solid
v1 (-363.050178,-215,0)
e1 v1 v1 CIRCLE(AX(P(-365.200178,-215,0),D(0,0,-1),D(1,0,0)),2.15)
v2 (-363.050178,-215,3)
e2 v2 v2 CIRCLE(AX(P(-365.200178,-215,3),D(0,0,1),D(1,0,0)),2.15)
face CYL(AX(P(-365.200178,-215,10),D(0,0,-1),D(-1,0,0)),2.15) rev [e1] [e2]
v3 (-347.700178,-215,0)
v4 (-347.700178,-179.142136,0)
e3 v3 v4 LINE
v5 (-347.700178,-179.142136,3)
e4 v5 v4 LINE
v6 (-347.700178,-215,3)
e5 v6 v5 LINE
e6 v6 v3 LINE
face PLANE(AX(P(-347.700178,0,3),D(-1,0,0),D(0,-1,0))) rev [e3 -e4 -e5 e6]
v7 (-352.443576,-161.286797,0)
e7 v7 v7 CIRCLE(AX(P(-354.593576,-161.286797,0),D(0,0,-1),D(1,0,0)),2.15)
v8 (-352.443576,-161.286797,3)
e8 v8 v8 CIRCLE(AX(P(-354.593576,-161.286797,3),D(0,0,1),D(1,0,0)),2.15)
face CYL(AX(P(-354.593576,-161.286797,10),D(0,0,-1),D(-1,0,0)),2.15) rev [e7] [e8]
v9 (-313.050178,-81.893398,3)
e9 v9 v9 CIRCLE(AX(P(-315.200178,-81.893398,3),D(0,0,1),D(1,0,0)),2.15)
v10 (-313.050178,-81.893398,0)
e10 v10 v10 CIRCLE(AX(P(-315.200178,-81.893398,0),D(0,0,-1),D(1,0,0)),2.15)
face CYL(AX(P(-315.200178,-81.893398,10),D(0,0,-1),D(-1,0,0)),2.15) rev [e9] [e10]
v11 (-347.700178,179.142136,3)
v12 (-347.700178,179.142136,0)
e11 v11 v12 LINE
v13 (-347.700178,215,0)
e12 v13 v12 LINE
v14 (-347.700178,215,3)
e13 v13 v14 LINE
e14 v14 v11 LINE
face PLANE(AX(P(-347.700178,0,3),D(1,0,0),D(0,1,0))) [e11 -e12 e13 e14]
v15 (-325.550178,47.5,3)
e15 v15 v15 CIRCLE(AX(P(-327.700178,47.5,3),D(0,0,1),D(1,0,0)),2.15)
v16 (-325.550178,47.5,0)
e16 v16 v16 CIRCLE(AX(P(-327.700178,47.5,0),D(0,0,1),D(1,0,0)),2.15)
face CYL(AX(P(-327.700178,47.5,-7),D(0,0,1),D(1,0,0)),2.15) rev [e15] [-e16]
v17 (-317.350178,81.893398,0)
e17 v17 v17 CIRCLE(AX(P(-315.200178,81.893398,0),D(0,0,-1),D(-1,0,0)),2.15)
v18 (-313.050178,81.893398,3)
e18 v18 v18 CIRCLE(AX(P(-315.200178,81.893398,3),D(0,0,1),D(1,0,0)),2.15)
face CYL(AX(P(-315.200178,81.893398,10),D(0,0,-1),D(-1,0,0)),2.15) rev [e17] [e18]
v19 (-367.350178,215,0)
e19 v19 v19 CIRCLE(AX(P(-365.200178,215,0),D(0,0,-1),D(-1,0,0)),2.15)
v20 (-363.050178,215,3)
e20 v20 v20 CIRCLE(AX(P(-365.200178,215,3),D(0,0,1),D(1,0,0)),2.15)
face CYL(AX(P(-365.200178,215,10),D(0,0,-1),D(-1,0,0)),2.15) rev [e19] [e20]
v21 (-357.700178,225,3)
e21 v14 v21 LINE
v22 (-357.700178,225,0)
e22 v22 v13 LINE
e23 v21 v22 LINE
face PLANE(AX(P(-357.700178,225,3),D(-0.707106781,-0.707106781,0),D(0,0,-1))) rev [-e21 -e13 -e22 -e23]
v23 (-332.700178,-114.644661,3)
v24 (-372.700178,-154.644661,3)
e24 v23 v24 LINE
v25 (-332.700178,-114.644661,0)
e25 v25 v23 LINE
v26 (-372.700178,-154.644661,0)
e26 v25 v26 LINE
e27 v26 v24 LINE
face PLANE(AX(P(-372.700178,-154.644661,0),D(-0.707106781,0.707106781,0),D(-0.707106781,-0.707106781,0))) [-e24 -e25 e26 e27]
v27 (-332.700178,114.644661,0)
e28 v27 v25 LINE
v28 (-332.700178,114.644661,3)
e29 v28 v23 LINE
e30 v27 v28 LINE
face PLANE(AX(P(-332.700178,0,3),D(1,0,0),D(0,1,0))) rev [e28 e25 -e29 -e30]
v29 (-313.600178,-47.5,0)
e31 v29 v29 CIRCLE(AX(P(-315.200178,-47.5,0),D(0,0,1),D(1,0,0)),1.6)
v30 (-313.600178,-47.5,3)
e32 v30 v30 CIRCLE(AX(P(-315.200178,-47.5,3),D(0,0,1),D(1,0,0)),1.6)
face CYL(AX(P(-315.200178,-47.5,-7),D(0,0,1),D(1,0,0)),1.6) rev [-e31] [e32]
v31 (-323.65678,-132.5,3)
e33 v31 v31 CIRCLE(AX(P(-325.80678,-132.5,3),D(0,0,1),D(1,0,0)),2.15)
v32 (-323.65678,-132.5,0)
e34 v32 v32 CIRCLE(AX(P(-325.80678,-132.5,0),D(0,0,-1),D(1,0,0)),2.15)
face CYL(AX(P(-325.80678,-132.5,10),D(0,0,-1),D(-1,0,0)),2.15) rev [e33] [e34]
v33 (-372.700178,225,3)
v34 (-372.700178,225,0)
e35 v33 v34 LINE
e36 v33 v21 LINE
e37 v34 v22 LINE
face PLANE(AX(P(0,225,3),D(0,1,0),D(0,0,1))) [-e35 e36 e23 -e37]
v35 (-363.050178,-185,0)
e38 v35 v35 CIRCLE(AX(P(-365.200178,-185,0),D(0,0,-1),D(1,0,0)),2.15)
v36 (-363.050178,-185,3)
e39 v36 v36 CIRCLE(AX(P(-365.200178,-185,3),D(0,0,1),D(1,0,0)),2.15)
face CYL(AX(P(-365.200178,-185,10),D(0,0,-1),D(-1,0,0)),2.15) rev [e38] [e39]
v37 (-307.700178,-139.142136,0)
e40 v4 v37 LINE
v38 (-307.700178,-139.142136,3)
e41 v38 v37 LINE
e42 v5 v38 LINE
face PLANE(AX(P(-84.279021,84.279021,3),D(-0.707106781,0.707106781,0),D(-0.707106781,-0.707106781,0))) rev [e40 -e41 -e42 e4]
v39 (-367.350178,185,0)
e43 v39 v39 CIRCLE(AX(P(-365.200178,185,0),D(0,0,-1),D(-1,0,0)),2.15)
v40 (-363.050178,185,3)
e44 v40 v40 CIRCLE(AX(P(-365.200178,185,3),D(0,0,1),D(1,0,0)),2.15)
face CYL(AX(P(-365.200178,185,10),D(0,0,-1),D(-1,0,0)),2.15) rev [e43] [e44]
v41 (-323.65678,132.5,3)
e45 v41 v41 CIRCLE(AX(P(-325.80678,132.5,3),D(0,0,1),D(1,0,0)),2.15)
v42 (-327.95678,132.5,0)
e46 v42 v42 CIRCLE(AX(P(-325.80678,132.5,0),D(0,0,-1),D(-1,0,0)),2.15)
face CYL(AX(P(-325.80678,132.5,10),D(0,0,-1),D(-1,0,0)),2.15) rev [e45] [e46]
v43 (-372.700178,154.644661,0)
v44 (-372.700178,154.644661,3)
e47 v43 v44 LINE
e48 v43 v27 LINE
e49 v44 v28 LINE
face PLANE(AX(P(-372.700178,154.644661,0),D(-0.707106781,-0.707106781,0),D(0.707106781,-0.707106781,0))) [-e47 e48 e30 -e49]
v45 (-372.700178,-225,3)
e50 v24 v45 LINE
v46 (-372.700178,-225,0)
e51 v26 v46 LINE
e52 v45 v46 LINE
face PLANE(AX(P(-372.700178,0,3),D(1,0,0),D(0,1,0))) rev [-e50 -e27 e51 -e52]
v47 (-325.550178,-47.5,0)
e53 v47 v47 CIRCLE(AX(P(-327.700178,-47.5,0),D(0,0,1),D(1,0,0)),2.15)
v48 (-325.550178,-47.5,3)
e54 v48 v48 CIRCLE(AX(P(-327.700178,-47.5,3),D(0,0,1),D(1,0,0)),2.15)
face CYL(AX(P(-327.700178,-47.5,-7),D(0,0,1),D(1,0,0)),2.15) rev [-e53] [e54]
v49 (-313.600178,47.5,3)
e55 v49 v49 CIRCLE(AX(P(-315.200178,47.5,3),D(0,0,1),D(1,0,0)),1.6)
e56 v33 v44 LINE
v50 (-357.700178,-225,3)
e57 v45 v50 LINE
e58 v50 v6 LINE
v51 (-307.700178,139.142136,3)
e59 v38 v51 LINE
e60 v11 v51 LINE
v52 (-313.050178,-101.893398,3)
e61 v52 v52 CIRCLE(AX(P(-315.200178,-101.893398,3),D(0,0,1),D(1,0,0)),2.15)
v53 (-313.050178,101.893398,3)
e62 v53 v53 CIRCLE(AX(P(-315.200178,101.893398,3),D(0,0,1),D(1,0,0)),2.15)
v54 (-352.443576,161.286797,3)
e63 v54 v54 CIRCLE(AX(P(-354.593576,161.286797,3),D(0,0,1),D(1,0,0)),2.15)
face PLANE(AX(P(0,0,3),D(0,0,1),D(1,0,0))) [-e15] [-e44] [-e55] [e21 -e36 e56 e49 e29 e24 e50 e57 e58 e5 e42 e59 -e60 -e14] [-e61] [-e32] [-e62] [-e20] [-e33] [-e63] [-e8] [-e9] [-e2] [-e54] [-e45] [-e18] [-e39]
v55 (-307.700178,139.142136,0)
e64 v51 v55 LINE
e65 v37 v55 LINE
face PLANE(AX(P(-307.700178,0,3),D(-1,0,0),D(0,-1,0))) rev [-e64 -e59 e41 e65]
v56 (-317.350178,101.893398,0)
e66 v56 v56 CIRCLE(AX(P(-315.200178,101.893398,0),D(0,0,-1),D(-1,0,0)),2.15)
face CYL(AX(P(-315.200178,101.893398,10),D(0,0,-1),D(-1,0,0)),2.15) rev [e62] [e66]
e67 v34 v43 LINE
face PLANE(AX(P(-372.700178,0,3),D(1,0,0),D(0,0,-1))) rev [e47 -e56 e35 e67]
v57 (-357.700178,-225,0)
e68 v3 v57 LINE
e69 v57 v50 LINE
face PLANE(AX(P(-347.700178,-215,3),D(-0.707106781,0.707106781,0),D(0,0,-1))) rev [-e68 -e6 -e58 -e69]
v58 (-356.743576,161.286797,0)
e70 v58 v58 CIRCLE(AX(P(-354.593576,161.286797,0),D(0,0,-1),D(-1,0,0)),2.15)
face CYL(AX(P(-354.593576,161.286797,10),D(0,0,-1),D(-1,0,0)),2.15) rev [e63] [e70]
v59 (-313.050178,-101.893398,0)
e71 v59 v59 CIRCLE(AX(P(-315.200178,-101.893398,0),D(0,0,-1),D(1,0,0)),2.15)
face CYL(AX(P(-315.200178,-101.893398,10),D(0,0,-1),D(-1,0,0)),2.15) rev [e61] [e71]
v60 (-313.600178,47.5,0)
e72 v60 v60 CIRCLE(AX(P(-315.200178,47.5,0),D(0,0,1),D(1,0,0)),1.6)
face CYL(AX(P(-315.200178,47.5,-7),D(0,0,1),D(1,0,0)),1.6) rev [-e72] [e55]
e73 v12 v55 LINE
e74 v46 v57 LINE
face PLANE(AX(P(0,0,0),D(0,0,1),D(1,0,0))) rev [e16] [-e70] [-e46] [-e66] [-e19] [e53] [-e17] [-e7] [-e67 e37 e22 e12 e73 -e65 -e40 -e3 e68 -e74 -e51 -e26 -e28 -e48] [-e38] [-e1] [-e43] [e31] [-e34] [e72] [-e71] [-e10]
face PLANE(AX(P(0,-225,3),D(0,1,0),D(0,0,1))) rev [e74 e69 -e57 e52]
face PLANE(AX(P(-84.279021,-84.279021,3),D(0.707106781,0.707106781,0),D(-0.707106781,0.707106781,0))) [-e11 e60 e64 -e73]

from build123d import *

# Parameters (mm, degrees)
BOSS_EXTRUDE1_DEPTH = 3
BOSS_EXTRUDE2_DEPTH = 3
CHAMFER1_SIZE       = 10
SKETCH3_R           = 2.15
SKETCH3_R_2         = 1.6
CUT_EXTRUDE1_DEPTH  = 10
SKETCH4_R           = 2.15
CUT_EXTRUDE2_DEPTH  = 10


with BuildPart() as part:
    # Sketch1 → Boss-Extrude1 (new body)
    with BuildSketch(Plane.XY):
        Polygon((-372.700177837, -225), (-357.700177837, -225), (-347.700177837, -225), (-347.700177837, -179.142135624), (-307.700177837, -139.142135624), (-307.700177837, -125), (-307.700177837, 125), (-307.700177837, 139.142135624), (-347.700177837, 179.142135624), (-347.700177837, 225), (-357.700177837, 225), (-372.700177837, 225), (-372.700177837, 168.786796564), (-332.700177837, 128.786796564), (-332.700177837, -128.786796564), (-372.700177837, -168.786796564), align=None)
    extrude(amount=BOSS_EXTRUDE1_DEPTH)

    # Sketch2 → Boss-Extrude2 (add)
    with BuildSketch(Plane.XY.offset(3)):
        Polygon((-372.700177837, 168.786796564), (-372.700177837, 154.644660941), (-332.700177837, 114.644660941), (-332.700177837, 128.786796564), align=None)
        Polygon((-372.700177837, -168.786796564), (-372.700177837, -154.644660941), (-332.700177837, -114.644660941), (-332.700177837, -128.786796564), align=None)
    extrude(amount=-BOSS_EXTRUDE2_DEPTH)

    # Chamfer1
    chamfer1_edges = [part.edges().sort_by_distance(p)[0] for p in [
        (-347.700177837, 225, 1.5),
        (-347.700177837, -225, 1.5),
    ]]
    chamfer(chamfer1_edges, length=CHAMFER1_SIZE)

    # Sketch3 → Cut-Extrude1 (cut)
    with BuildSketch(Plane.XY.offset(3)):
        with Locations((-327.700177837, 47.5)):
            Circle(SKETCH3_R)
        with Locations((-315.200177837, 47.5)):
            Circle(SKETCH3_R_2)
        with Locations((-327.700177837, -47.5)):
            Circle(SKETCH3_R)
        with Locations((-315.200177837, -47.5)):
            Circle(SKETCH3_R_2)
    extrude(amount=-CUT_EXTRUDE1_DEPTH, mode=Mode.SUBTRACT)

    # Sketch4 → Cut-Extrude2 (cut)
    with BuildSketch(Plane(origin=(0, 0, 0), x_dir=(-1, 0, 0), z_dir=(0, 0, -1))):
        with Locations((365.200177837, 215)):
            Circle(SKETCH4_R)
        with Locations((365.200177837, 185)):
            Circle(SKETCH4_R)
        with Locations((354.593576119, 161.286796564)):
            Circle(SKETCH4_R)
        with Locations((325.806779555, 132.5)):
            Circle(SKETCH4_R)
        with Locations((315.200177837, 101.893398282)):
            Circle(SKETCH4_R)
        with Locations((315.200177837, 81.893398282)):
            Circle(SKETCH4_R)
        with Locations(Location((315.200177837, -81.893398282, 0), (0, 0, 180))):
            Circle(SKETCH4_R)
        with Locations(Location((315.200177837, -101.893398282, 0), (0, 0, 180))):
            Circle(SKETCH4_R)
        with Locations(Location((325.806779555, -132.5, 0), (0, 0, 180))):
            Circle(SKETCH4_R)
        with Locations(Location((354.593576119, -161.286796564, 0), (0, 0, 180))):
            Circle(SKETCH4_R)
        with Locations(Location((365.200177837, -185, 0), (0, 0, 180))):
            Circle(SKETCH4_R)
        with Locations(Location((365.200177837, -215, 0), (0, 0, 180))):
            Circle(SKETCH4_R)
    extrude(amount=-CUT_EXTRUDE2_DEPTH, mode=Mode.SUBTRACT)


solid = part.part
